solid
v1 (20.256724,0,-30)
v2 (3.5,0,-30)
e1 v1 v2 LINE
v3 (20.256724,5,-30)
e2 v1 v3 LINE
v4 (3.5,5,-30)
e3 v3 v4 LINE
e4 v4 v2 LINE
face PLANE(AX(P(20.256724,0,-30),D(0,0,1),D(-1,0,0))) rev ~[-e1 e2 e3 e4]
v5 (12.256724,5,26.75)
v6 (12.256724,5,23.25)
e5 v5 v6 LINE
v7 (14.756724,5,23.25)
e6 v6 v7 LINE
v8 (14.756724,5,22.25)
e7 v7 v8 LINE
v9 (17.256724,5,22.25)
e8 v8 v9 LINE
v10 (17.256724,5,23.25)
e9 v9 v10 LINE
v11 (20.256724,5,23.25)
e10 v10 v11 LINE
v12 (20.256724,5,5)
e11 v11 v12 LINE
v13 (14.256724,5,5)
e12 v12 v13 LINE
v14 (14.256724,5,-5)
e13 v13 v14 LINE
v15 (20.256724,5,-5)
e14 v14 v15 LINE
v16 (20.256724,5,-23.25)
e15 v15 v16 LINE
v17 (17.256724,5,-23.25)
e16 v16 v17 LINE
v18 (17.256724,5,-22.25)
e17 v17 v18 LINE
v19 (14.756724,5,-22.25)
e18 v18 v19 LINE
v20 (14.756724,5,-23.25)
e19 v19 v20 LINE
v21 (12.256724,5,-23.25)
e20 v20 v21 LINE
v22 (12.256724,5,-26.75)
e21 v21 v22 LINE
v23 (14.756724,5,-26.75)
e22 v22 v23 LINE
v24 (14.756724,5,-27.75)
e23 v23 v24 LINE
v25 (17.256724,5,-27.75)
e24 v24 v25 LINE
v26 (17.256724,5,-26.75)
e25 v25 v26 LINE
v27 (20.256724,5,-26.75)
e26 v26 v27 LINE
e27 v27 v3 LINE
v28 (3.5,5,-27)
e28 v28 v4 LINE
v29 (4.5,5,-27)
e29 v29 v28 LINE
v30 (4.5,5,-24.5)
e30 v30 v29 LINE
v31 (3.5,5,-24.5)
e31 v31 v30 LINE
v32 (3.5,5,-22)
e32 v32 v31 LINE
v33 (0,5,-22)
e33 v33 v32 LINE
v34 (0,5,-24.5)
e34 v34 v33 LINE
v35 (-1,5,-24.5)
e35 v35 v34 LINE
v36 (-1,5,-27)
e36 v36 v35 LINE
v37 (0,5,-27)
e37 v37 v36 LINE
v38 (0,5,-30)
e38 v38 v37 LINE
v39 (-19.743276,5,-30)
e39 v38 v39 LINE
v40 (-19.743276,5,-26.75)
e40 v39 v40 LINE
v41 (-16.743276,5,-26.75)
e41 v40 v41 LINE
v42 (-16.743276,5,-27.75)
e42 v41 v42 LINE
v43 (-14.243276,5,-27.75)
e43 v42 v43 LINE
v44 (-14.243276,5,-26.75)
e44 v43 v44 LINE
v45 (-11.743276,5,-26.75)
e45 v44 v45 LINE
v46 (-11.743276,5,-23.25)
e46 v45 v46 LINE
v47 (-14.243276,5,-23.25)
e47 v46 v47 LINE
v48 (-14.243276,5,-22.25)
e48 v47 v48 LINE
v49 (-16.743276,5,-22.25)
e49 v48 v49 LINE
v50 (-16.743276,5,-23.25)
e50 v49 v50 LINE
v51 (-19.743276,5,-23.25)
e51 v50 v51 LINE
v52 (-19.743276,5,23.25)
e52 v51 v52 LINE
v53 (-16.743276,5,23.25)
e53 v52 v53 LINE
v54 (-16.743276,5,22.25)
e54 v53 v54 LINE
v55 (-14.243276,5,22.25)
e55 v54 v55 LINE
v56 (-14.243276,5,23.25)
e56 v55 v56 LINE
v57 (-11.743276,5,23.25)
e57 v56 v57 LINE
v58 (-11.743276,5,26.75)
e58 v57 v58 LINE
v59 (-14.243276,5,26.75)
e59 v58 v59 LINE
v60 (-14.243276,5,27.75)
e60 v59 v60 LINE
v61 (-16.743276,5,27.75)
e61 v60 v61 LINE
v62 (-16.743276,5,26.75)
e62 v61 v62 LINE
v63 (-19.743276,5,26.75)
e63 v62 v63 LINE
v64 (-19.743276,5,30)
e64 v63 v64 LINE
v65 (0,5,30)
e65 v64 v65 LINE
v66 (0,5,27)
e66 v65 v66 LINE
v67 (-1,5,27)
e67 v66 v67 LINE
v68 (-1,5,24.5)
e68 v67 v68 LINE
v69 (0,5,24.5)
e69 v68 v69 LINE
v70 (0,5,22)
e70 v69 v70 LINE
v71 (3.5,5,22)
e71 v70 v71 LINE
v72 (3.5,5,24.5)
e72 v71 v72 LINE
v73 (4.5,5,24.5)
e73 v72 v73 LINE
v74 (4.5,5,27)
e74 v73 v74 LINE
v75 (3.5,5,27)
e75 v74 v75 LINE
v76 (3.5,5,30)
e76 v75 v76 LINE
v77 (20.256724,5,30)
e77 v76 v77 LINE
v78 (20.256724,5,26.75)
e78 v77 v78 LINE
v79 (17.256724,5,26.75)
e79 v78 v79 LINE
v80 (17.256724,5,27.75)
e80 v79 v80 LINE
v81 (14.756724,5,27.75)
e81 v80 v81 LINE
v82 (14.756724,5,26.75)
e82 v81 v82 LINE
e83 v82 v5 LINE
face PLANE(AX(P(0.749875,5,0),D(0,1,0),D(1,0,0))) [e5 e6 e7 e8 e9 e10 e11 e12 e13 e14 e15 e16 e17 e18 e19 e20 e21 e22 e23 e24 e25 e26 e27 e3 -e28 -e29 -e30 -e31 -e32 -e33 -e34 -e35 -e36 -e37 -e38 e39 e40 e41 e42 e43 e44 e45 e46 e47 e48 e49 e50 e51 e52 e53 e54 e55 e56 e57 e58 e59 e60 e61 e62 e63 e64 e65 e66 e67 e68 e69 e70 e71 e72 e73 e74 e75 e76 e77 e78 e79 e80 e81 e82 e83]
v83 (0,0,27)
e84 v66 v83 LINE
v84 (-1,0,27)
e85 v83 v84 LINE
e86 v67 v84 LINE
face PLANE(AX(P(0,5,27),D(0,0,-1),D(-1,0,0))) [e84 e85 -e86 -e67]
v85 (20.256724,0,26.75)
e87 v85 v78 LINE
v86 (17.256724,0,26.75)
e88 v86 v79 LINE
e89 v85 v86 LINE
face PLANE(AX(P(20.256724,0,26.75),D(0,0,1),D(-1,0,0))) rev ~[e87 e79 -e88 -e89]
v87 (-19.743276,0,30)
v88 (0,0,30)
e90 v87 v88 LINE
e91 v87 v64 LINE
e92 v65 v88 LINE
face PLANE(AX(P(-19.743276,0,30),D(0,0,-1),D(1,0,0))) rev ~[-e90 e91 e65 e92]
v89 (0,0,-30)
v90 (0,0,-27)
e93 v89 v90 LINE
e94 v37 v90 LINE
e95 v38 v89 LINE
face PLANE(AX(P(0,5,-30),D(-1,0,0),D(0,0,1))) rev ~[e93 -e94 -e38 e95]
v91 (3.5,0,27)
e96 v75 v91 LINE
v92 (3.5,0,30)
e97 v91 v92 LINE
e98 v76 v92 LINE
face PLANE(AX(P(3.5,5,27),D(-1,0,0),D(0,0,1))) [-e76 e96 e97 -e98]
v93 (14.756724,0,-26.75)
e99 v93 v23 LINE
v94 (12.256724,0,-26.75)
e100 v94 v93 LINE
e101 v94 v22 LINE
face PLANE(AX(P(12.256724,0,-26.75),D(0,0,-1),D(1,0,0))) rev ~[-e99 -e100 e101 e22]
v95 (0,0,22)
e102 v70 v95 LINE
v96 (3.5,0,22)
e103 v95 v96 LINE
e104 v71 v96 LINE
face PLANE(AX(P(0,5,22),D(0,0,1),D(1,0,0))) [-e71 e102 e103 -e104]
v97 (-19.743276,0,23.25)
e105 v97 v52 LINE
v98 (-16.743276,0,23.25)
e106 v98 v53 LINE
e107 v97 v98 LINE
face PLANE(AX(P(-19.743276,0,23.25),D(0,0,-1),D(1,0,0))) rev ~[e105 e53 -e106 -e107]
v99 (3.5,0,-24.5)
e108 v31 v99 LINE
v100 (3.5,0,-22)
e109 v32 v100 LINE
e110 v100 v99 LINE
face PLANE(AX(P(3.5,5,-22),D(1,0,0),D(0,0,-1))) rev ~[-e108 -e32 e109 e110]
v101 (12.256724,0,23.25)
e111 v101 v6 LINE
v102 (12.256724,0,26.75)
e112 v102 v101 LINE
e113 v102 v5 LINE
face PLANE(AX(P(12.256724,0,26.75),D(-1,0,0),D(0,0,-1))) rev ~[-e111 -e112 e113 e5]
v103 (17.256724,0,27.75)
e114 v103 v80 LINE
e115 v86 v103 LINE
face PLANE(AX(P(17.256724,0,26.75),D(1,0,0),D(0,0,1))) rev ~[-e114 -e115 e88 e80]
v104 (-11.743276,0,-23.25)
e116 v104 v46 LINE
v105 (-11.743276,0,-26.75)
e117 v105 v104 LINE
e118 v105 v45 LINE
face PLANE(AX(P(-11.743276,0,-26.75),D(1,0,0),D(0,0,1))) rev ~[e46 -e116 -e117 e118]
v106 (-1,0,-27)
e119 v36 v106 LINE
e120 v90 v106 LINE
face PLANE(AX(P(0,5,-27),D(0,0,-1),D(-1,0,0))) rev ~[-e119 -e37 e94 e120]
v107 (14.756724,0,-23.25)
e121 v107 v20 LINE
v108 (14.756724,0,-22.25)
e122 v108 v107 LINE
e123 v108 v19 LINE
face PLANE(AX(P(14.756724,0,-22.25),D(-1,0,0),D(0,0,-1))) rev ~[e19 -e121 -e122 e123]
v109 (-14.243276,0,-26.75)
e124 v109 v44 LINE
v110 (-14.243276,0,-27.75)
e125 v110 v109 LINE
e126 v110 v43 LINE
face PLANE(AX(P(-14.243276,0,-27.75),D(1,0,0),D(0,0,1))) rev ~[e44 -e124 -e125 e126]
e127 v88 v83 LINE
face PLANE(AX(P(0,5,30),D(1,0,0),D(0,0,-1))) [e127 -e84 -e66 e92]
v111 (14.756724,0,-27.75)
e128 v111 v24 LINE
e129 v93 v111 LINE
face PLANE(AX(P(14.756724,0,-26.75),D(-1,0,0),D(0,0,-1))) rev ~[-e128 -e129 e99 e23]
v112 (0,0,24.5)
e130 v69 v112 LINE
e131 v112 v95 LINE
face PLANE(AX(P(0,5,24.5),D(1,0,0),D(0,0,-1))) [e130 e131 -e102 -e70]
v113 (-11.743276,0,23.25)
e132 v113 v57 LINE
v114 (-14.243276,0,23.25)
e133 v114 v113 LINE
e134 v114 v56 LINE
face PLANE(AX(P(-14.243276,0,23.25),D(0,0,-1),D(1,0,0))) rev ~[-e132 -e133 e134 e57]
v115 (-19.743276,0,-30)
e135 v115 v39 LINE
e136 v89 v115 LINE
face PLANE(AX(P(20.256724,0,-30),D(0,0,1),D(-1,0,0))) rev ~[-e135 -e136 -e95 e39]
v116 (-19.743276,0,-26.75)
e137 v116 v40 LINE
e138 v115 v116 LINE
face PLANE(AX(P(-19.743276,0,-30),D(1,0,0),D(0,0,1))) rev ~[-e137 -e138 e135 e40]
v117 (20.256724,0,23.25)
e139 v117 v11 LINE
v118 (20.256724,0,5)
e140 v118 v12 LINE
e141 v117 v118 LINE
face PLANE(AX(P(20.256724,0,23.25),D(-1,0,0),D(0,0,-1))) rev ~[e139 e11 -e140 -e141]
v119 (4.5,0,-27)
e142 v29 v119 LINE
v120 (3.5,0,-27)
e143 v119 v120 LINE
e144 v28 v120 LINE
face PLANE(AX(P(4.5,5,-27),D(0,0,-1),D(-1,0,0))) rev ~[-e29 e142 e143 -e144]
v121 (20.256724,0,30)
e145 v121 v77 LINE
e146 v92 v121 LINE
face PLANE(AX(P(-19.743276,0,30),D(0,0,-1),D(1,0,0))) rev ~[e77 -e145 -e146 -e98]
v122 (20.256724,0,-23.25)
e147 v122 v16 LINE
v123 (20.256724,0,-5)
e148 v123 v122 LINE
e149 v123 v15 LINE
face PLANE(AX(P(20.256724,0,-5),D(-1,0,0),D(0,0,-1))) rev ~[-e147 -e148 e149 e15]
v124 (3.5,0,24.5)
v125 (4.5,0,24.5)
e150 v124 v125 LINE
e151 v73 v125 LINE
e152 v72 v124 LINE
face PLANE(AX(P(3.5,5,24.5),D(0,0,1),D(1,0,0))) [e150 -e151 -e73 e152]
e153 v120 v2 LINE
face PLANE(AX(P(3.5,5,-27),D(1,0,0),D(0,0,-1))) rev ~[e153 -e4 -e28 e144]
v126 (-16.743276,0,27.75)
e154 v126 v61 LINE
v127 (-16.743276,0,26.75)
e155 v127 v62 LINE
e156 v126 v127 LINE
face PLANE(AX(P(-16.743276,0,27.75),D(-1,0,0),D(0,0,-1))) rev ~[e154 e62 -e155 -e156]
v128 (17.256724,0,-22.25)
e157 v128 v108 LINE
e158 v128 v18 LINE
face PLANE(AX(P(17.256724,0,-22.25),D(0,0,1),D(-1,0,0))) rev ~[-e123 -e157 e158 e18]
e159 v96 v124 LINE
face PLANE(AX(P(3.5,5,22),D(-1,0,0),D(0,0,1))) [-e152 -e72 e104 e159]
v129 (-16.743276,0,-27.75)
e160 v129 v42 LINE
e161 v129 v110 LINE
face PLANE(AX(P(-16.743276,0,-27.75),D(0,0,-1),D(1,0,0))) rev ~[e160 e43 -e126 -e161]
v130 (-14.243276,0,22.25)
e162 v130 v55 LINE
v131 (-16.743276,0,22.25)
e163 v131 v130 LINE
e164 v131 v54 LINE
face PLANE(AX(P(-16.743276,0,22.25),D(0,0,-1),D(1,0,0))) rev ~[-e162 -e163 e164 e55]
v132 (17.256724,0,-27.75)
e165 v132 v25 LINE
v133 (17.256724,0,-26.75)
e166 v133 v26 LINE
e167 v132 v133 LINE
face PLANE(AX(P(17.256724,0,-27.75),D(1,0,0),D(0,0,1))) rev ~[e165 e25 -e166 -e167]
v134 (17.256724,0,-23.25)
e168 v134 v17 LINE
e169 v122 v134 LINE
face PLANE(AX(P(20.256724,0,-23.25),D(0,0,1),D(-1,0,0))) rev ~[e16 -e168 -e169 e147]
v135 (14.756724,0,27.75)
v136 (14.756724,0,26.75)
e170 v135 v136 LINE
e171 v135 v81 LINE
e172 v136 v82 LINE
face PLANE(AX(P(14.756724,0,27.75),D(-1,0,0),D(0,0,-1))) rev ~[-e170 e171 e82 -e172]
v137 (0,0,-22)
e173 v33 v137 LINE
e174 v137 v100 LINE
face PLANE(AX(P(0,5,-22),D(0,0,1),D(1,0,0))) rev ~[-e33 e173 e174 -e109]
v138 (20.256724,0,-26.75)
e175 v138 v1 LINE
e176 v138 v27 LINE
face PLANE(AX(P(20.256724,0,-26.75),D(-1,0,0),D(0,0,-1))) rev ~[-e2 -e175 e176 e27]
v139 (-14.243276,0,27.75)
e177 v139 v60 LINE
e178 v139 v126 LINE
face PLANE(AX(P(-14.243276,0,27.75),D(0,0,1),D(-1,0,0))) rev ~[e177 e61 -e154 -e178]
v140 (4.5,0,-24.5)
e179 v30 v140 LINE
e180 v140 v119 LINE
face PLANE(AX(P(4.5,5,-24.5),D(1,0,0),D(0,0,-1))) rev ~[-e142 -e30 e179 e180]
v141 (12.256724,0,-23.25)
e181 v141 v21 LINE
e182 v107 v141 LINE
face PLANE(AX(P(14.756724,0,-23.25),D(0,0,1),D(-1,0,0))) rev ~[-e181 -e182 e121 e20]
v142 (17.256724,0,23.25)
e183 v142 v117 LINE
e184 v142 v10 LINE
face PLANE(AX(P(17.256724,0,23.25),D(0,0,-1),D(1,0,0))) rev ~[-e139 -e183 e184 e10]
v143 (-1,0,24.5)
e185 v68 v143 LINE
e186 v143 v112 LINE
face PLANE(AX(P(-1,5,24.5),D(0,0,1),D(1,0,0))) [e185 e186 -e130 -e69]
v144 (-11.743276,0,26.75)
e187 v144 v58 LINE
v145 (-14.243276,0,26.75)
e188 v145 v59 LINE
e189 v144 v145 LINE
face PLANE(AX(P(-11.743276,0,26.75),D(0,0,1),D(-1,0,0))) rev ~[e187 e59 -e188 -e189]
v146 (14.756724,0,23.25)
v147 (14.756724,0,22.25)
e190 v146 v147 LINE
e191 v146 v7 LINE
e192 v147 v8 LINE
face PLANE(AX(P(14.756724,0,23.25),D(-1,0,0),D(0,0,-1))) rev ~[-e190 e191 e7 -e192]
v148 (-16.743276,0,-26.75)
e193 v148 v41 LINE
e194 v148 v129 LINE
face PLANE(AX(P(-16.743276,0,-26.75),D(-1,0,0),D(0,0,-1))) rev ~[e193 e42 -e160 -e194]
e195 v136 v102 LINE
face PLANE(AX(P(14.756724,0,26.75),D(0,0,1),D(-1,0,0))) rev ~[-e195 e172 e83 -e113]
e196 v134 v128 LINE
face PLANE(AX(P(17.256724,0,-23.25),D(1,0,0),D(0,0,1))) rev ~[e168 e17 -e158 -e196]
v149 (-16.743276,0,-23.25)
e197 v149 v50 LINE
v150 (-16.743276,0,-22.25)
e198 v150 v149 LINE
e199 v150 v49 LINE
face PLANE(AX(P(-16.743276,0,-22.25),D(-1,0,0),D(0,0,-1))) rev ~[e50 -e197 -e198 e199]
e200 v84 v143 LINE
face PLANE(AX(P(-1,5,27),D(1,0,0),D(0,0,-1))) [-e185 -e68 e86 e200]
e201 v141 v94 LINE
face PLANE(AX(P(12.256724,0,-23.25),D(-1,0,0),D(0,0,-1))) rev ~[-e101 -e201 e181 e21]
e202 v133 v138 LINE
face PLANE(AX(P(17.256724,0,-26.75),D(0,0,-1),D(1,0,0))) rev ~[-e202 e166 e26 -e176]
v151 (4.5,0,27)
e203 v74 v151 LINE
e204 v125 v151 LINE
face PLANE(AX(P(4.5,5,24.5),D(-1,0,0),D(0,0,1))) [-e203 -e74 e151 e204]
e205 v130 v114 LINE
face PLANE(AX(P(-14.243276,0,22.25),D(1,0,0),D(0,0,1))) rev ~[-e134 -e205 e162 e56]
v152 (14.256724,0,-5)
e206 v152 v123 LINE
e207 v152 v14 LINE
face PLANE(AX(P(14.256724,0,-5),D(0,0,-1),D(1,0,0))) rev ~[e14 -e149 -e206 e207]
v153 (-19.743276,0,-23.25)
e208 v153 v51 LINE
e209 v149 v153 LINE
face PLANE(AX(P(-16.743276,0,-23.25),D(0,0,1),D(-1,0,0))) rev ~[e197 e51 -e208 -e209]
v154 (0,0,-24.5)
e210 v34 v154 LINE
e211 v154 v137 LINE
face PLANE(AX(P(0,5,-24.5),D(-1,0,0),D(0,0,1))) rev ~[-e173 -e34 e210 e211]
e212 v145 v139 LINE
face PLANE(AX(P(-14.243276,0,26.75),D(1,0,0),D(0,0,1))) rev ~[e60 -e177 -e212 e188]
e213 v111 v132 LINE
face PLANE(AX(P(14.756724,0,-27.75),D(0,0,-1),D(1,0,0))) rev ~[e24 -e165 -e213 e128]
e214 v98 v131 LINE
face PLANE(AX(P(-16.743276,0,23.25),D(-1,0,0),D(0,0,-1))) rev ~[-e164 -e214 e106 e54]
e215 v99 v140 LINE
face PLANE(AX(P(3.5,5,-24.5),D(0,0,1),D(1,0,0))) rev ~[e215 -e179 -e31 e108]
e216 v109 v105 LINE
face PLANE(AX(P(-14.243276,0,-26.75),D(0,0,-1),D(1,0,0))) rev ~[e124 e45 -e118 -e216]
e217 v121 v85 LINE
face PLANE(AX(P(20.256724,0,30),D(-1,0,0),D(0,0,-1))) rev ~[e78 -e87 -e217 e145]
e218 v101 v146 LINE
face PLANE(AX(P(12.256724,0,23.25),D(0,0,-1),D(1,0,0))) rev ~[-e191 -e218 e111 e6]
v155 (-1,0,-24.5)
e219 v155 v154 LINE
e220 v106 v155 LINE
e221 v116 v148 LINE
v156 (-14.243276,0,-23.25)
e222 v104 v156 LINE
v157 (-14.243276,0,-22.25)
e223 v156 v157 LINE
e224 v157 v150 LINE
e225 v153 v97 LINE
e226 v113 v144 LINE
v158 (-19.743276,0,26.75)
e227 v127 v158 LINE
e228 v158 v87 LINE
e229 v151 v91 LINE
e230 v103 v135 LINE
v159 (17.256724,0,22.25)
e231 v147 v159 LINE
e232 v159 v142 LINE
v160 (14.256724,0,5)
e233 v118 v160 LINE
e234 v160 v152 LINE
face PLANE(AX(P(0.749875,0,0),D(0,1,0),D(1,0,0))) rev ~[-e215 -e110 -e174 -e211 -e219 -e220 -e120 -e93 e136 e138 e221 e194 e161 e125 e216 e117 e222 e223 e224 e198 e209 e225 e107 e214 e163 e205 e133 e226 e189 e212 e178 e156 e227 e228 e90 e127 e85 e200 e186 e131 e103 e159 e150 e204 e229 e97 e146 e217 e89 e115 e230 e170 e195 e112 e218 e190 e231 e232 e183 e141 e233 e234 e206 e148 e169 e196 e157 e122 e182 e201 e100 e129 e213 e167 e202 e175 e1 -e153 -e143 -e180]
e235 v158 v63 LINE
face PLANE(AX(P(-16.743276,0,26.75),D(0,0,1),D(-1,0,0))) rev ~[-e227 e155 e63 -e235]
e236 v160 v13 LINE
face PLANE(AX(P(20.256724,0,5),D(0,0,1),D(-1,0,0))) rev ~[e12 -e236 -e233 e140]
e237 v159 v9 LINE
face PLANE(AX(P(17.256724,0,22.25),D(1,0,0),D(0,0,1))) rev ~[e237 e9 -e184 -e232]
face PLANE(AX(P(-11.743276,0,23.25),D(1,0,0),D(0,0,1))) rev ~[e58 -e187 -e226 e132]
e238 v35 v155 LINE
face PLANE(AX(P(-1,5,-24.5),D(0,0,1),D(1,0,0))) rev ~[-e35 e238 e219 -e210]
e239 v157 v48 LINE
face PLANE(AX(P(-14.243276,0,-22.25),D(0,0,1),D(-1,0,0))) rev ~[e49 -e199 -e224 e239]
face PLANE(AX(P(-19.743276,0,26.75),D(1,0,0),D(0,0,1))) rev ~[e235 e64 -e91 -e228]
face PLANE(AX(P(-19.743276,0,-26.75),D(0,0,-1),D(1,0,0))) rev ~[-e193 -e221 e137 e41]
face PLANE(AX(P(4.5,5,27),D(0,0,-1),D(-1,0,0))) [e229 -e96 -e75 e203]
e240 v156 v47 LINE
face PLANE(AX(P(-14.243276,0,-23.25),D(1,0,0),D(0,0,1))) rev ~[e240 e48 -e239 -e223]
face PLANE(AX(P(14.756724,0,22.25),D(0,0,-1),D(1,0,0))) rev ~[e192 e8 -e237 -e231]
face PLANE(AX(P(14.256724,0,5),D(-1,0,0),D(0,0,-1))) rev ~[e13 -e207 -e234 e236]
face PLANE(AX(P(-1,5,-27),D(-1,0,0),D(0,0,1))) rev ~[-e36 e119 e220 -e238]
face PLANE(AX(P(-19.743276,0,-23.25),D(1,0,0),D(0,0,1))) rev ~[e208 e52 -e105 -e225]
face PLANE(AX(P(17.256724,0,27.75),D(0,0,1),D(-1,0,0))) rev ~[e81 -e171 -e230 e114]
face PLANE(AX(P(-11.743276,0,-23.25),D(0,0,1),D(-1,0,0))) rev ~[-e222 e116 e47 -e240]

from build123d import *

# Parameters (mm, degrees)
EXTRUDE_1_DEPTH     = 5
CUT_EXTRUDE_1_DEPTH = 5


with BuildPart() as part:
    # 草图1 → 凸台-拉伸1 (new body)
    with BuildSketch(Plane(origin=(0, 0, 0), x_dir=(1, 0, 0), z_dir=(0, 1, 0))):
        Polygon((-19.743275532, 30), (-19.743275532, 26.75), (-16.743275532, 26.75), (-16.743275532, 27.75), (-14.243275532, 27.75), (-14.243275532, 26.75), (-11.743275532, 26.75), (-11.743275532, 23.25), (-14.243275532, 23.25), (-14.243275532, 22.25), (-16.743275532, 22.25), (-16.743275532, 23.25), (-19.743275532, 23.25), (-19.743275532, -23.25), (-16.743275532, -23.25), (-16.743275532, -22.25), (-14.243275532, -22.25), (-14.243275532, -23.25), (-11.743275532, -23.25), (-11.743275532, -26.75), (-14.243275532, -26.75), (-14.243275532, -27.75), (-16.743275532, -27.75), (-16.743275532, -26.75), (-19.743275532, -26.75), (-19.743275532, -30), (20.256724468, -30), (20.256724468, -26.75), (17.256724468, -26.75), (17.256724468, -27.75), (14.756724468, -27.75), (14.756724468, -26.75), (12.256724468, -26.75), (12.256724468, -23.25), (14.756724468, -23.25), (14.756724468, -22.25), (17.256724468, -22.25), (17.256724468, -23.25), (20.256724468, -23.25), (20.256724468, -5), (14.256724468, -5), (14.256724468, 5), (20.256724468, 5), (20.256724468, 23.25), (17.256724468, 23.25), (17.256724468, 22.25), (14.756724468, 22.25), (14.756724468, 23.25), (12.256724468, 23.25), (12.256724468, 26.75), (14.756724468, 26.75), (14.756724468, 27.75), (17.256724468, 27.75), (17.256724468, 26.75), (20.256724468, 26.75), (20.256724468, 30), align=None)
    extrude(amount=EXTRUDE_1_DEPTH)

    # 草图2 → 切除-拉伸1 (cut)
    with BuildSketch(Plane(origin=(0, 5, 0), x_dir=(1, 0, 0), z_dir=(0, 1, 0))):
        Polygon((0, 30), (0, 27), (-1, 27), (-1, 24.5), (0, 24.5), (0, 22), (3.5, 22), (3.5, 24.5), (4.5, 24.5), (4.5, 27), (3.5, 27), (3.5, 30), align=None)
        Polygon((3.5, -30), (0, -30), (0, -27), (-1, -27), (-1, -24.5), (0, -24.5), (0, -22), (3.5, -22), (3.5, -24.5), (4.5, -24.5), (4.5, -27), (3.5, -27), align=None)
    extrude(amount=-CUT_EXTRUDE_1_DEPTH, mode=Mode.SUBTRACT)


solid = part.part
